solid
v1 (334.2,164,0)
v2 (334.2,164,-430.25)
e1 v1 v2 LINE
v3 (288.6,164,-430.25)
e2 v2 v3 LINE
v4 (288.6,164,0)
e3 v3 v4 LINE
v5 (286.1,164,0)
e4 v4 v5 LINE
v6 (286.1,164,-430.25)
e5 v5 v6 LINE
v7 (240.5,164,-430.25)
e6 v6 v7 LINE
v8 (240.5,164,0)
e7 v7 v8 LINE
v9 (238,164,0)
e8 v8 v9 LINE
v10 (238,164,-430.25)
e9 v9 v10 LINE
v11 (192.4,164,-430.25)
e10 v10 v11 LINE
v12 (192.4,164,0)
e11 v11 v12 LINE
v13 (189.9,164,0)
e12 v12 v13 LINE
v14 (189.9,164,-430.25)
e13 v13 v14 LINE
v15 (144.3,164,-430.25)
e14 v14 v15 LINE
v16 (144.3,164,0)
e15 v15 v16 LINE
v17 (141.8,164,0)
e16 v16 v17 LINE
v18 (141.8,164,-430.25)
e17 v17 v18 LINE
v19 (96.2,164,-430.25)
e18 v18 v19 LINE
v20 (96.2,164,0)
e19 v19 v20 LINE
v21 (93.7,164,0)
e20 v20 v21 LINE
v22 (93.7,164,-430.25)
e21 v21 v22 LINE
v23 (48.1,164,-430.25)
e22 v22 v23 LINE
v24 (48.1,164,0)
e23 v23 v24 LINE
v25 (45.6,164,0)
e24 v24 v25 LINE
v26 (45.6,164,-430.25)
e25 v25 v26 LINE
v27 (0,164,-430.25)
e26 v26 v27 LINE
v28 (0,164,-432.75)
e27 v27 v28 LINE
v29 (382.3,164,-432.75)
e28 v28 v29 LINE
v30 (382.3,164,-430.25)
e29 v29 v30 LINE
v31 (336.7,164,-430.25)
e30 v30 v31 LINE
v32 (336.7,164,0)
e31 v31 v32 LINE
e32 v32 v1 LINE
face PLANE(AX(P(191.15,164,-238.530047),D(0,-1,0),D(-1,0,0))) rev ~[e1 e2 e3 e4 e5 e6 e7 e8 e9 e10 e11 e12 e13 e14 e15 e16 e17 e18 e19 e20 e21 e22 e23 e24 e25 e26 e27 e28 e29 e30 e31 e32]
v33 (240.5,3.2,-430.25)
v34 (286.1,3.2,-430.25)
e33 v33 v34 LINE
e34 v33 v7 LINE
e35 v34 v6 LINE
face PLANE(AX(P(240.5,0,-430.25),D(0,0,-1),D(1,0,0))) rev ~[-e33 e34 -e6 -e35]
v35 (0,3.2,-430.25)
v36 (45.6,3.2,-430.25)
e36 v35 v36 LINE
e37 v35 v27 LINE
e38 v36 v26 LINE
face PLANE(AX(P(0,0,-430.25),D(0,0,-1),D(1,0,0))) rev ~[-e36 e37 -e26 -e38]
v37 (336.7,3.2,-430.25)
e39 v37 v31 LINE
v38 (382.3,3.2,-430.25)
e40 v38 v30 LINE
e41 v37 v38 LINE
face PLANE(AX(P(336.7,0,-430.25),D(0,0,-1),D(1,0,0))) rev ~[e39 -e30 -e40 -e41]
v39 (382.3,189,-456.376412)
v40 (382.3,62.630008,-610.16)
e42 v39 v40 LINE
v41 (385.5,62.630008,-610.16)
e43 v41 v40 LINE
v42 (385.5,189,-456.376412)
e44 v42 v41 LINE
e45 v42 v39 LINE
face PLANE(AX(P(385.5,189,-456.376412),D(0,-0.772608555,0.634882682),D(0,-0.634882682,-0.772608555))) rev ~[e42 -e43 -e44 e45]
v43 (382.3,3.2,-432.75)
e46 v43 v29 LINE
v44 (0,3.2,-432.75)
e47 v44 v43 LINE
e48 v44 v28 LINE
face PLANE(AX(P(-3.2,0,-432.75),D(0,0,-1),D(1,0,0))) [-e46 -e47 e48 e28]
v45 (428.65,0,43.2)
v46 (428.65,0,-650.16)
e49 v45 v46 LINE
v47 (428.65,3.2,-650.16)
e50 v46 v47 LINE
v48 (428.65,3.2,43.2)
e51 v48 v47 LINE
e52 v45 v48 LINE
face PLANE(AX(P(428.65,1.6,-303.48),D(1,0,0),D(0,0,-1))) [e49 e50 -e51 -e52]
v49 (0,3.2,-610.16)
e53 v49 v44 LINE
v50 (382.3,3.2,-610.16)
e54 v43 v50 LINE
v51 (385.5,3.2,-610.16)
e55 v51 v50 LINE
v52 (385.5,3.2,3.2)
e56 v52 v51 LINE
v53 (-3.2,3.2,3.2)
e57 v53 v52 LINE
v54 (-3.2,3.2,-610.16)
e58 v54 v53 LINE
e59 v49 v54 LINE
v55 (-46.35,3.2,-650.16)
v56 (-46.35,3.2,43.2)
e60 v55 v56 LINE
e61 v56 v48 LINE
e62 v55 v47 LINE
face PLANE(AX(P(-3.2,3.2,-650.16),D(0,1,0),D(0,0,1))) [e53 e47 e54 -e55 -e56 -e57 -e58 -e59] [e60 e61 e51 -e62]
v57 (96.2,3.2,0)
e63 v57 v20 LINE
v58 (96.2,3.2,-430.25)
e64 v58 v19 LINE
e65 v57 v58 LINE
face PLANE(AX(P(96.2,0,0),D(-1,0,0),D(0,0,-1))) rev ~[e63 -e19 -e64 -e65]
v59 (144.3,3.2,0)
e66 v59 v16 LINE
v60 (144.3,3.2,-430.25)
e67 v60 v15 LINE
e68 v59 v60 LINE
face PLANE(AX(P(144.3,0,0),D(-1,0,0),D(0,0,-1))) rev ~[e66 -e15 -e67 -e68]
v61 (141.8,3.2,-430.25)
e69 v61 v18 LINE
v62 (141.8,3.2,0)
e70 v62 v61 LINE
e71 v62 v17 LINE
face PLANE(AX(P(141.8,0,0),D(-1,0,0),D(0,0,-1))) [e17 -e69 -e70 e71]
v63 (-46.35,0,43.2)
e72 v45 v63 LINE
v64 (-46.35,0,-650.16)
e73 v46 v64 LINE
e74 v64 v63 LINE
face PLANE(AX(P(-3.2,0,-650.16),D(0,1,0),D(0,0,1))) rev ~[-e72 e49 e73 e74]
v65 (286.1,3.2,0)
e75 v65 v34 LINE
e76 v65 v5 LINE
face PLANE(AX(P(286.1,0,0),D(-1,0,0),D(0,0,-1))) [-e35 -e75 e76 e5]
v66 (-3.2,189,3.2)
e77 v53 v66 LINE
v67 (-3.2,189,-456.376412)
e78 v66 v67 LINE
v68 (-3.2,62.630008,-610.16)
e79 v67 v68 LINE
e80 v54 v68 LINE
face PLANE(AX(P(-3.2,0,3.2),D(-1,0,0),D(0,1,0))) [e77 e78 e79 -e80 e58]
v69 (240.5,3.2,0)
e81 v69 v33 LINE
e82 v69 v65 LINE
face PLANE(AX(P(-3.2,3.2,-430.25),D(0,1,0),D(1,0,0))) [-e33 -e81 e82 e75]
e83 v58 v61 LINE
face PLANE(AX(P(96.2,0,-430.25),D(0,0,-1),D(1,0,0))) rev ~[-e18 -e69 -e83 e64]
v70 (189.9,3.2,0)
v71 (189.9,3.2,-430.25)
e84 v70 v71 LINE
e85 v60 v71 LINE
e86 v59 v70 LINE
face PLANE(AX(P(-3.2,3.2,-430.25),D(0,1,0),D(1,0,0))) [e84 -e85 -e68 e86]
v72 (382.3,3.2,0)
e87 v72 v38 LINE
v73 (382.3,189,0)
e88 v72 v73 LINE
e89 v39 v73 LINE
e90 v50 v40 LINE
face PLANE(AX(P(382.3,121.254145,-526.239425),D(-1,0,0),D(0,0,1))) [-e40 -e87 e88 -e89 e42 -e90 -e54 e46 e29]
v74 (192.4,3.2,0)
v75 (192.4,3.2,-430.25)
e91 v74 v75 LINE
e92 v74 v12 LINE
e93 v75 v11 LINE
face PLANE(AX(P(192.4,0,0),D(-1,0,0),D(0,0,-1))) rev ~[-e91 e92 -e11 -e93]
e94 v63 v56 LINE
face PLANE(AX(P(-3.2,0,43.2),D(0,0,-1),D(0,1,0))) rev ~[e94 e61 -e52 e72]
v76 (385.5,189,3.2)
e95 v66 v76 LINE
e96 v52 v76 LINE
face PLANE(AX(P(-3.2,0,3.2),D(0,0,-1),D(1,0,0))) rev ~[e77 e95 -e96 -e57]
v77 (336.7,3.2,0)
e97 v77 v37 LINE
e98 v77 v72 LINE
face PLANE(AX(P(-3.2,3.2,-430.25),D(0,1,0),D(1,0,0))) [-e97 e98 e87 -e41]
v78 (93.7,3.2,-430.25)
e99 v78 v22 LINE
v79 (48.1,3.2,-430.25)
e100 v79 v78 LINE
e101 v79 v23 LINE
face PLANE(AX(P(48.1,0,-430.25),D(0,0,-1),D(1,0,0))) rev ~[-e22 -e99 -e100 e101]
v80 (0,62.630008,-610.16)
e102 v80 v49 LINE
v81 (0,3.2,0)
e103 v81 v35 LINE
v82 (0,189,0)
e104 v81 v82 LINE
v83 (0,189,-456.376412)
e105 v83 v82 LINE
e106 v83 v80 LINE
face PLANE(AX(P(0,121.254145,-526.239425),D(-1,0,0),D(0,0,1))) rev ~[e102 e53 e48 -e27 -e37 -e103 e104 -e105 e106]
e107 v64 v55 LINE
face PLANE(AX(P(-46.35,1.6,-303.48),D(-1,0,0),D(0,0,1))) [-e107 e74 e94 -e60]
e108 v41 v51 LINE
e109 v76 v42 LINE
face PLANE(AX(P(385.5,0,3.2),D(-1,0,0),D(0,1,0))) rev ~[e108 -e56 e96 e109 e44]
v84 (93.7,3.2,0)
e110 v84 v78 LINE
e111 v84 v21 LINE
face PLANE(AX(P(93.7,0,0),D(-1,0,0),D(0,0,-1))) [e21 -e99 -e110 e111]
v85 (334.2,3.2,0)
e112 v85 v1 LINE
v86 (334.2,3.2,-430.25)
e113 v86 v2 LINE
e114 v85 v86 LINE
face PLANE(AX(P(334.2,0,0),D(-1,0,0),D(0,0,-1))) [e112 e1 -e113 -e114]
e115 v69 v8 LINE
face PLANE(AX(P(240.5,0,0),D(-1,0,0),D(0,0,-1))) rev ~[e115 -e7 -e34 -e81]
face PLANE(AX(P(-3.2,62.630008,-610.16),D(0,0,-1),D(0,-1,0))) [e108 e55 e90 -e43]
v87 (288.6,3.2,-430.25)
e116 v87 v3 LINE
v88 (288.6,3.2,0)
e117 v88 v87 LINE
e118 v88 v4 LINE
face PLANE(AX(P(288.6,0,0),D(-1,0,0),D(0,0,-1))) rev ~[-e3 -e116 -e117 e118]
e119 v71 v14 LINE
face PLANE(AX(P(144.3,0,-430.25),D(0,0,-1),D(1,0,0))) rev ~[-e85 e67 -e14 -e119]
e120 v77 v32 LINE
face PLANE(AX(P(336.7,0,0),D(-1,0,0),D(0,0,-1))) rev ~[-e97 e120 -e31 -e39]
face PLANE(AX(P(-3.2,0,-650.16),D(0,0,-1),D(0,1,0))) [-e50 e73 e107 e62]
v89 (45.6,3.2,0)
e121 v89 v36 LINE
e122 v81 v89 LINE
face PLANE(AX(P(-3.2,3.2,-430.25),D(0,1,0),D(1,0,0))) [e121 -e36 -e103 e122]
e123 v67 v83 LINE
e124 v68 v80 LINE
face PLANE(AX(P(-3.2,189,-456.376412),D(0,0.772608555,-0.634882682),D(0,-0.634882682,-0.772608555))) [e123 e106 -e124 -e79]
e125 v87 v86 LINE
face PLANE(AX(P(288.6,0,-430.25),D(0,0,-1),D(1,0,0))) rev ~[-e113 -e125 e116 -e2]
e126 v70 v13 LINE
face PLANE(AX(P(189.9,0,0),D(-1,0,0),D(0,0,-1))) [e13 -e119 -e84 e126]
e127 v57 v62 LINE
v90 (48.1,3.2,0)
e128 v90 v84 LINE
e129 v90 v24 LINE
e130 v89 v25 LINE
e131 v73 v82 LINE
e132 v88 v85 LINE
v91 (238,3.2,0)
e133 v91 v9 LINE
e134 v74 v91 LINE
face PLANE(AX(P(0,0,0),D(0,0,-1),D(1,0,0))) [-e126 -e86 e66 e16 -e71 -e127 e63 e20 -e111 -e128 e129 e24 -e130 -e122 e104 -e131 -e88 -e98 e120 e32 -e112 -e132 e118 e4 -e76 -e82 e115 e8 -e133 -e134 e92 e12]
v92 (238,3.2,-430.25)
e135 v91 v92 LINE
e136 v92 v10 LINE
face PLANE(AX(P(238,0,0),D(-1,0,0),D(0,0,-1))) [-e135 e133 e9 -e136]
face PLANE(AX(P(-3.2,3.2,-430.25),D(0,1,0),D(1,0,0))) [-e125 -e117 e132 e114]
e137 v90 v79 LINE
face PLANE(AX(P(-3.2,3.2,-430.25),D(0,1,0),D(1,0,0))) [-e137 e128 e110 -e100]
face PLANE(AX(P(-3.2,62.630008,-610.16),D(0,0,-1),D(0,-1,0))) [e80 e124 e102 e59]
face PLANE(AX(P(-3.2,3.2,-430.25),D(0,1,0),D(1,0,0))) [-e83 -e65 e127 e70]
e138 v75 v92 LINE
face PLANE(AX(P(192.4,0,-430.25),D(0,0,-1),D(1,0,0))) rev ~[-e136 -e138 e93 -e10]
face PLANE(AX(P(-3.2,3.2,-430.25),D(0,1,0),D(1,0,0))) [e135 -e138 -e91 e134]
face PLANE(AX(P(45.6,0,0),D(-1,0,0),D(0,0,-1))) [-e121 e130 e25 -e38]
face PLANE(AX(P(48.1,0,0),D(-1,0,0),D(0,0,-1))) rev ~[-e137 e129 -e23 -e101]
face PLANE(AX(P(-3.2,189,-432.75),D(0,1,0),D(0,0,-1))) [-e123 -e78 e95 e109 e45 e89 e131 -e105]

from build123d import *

# Parameters (mm, degrees)
SKETCH1_W            = 388.7
SKETCH1_H            = 435.95
SKETCH1_W_2          = 45.6
SKETCH1_H_2          = 430.25
BOSS_EXTRUDE1_DEPTH  = 189
BOSS_EXTRUDE2_START  = -433.45
SKETCH2_W            = 388.7
SKETCH2_H            = 3.2
BOSS_EXTRUDE2_DEPTH  = 430.25
CUT_EXTRUDE1_DEPTH   = 25
BOSS_EXTRUDE4_DEPTH  = 3.2
BOSS_EXTRUDE5_DEPTH  = 3.2
BOSS_EXTRUDE6_REACH  = 791.664
CUT_EXTRUDE2_REACH   = 793.231
SKETCH11_W           = 52.59
SKETCH11_H           = 168.019571709
BOSS_EXTRUDE7_DEPTH  = 3.2
BOSS_EXTRUDE8_DEPTH  = 3.2
SKETCH14_W           = 388.7
SKETCH14_H           = 3.2
BOSS_EXTRUDE9_DEPTH  = 40
SKETCH15_W           = 388.7
SKETCH15_H           = 3.2
BOSS_EXTRUDE10_DEPTH = 40
SKETCH16_W           = 693.36
SKETCH16_H           = 3.2
BOSS_EXTRUDE11_DEPTH = 43.15
SKETCH17_W           = 693.36
SKETCH17_H           = 3.2
BOSS_EXTRUDE12_DEPTH = 43.15


with BuildPart() as part:
    # Sketch1 → Boss-Extrude1 (new body)
    with BuildSketch(Plane(origin=(0, 0, 0), x_dir=(1, 0, 0), z_dir=(0, 1, 0))):
        with Locations((191.15, 214.775)):
            Rectangle(SKETCH1_W, SKETCH1_H)
        with Locations((22.8, 215.125)):
            Rectangle(SKETCH1_W_2, SKETCH1_H_2, mode=Mode.SUBTRACT)
        with Locations((359.5, 215.125)):
            Rectangle(SKETCH1_W_2, SKETCH1_H_2, mode=Mode.SUBTRACT)
        with Locations((70.9, 215.125)):
            Rectangle(SKETCH1_W_2, SKETCH1_H_2, mode=Mode.SUBTRACT)
        with Locations((119, 215.125)):
            Rectangle(SKETCH1_W_2, SKETCH1_H_2, mode=Mode.SUBTRACT)
        with Locations((167.1, 215.125)):
            Rectangle(SKETCH1_W_2, SKETCH1_H_2, mode=Mode.SUBTRACT)
        with Locations((215.2, 215.125)):
            Rectangle(SKETCH1_W_2, SKETCH1_H_2, mode=Mode.SUBTRACT)
        with Locations((263.3, 215.125)):
            Rectangle(SKETCH1_W_2, SKETCH1_H_2, mode=Mode.SUBTRACT)
        with Locations((311.4, 215.125)):
            Rectangle(SKETCH1_W_2, SKETCH1_H_2, mode=Mode.SUBTRACT)
    extrude(amount=BOSS_EXTRUDE1_DEPTH)

    # Sketch2 → Boss-Extrude2 (add)
    with BuildSketch(Plane.XY.offset(3.2).offset(BOSS_EXTRUDE2_START)):
        with Locations((191.15, 1.6)):
            Rectangle(SKETCH2_W, SKETCH2_H)
    extrude(amount=BOSS_EXTRUDE2_DEPTH)

    # Sketch3 → Cut-Extrude1 (cut)
    with BuildSketch(Plane(origin=(0, 189, 0), x_dir=(1, 0, 0), z_dir=(0, 1, 0))):
        Polygon((0, 430.25), (0, 432.75), (382.3, 432.75), (382.3, 430.25), (336.7, 430.25), (336.7, 0), (334.2, 0), (334.2, 430.25), (288.6, 430.25), (288.6, 0), (286.1, 0), (286.1, 430.25), (240.5, 430.25), (240.5, 0), (238, 0), (238, 430.25), (192.4, 430.25), (192.4, 0), (189.9, 0), (189.9, 430.25), (144.3, 430.25), (144.3, 0), (141.8, 0), (141.8, 430.25), (96.2, 430.25), (96.2, 0), (93.7, 0), (93.7, 430.25), (48.1, 430.25), (48.1, 0), (45.6, 0), (45.6, 430.25), align=None)
    extrude(amount=-CUT_EXTRUDE1_DEPTH, mode=Mode.SUBTRACT)

    # Sketch4 → Boss-Extrude4 (add)
    with BuildSketch(Plane(origin=(385.5, 0, 0), x_dir=(0, 0, -1), z_dir=(1, 0, 0))):
        Polygon((432.75, 189), (662.75, 0), (432.75, 0), align=None)
    extrude(amount=-BOSS_EXTRUDE4_DEPTH)

    # Sketch7 → Boss-Extrude5 (add)
    with BuildSketch(Plane.ZY.offset(3.2)):
        Polygon((-432.75, 164), (-432.75, 189), (-662.75, 0), (-432.75, 0), align=None)
    extrude(amount=-BOSS_EXTRUDE5_DEPTH)

    # Sketch9 → Boss-Extrude6 (add, up to next)
    with BuildSketch(Plane(origin=(0, 0, 0), x_dir=(0, 0, -1), z_dir=(1, 0, 0)), mode=Mode.PRIVATE) as boss_extrude6_sk1:
        Polygon((662.75, 0), (658.855820106, 3.2), (432.75, 3.2), (432.75, 0), align=None)
    boss_extrude6_tool1 = extrude(boss_extrude6_sk1.sketch, amount=BOSS_EXTRUDE6_REACH, mode=Mode.PRIVATE) - part.part
    add(boss_extrude6_tool1.solids().sort_by_distance((0, 1.595446, -546.779226))[0])

    # Sketch11 → Cut-Extrude2 (cut, up to next)
    with BuildSketch(Plane(origin=(385.5, 0, 0), x_dir=(0, 0, -1), z_dir=(1, 0, 0)), mode=Mode.PRIVATE) as cut_extrude2_sk1:
        with Locations((636.455, 84.009785855)):
            Rectangle(SKETCH11_W, SKETCH11_H)
    cut_extrude2_tool1 = extrude(cut_extrude2_sk1.sketch, amount=-CUT_EXTRUDE2_REACH, mode=Mode.PRIVATE) & part.part
    add(cut_extrude2_tool1.solids().sort_by_distance((385.5, 84.009786, -636.455))[0], mode=Mode.SUBTRACT)

    # Sketch12 → Boss-Extrude7 (add)
    with BuildSketch(Plane(origin=(385.5, 0, 0), x_dir=(0, 0, -1), z_dir=(1, 0, 0))):
        Polygon((456.376412276, 189), (610.16, 62.630008348), (610.16, 43.21526087), (432.75, 189), align=None)
    extrude(amount=-BOSS_EXTRUDE7_DEPTH)

    # Sketch13 → Boss-Extrude8 (add)
    with BuildSketch(Plane.ZY.offset(3.2)):
        Polygon((-610.16, 62.630008348), (-610.16, 43.21526087), (-432.75, 189), (-456.376412276, 189), align=None)
    extrude(amount=-BOSS_EXTRUDE8_DEPTH)

    # Sketch14 → Boss-Extrude9 (add)
    with BuildSketch(Plane(origin=(0, 0, -610.16), x_dir=(-1, 0, 0), z_dir=(0, 0, -1))):
        with Locations((-191.15, 1.6)):
            Rectangle(SKETCH14_W, SKETCH14_H)
    extrude(amount=BOSS_EXTRUDE9_DEPTH)

    # Sketch15 → Boss-Extrude10 (add)
    with BuildSketch(Plane.XY.offset(3.2)):
        with Locations((191.15, 1.6)):
            Rectangle(SKETCH15_W, SKETCH15_H)
    extrude(amount=BOSS_EXTRUDE10_DEPTH)

    # Sketch16 → Boss-Extrude11 (add)
    with BuildSketch(Plane(origin=(385.5, 0, 0), x_dir=(0, 0, -1), z_dir=(1, 0, 0))):
        with Locations((303.48, 1.6)):
            Rectangle(SKETCH16_W, SKETCH16_H)
    extrude(amount=BOSS_EXTRUDE11_DEPTH)

    # Sketch17 → Boss-Extrude12 (add)
    with BuildSketch(Plane.ZY.offset(3.2)):
        with Locations((-303.48, 1.6)):
            Rectangle(SKETCH17_W, SKETCH17_H)
    extrude(amount=BOSS_EXTRUDE12_DEPTH)


solid = part.part
